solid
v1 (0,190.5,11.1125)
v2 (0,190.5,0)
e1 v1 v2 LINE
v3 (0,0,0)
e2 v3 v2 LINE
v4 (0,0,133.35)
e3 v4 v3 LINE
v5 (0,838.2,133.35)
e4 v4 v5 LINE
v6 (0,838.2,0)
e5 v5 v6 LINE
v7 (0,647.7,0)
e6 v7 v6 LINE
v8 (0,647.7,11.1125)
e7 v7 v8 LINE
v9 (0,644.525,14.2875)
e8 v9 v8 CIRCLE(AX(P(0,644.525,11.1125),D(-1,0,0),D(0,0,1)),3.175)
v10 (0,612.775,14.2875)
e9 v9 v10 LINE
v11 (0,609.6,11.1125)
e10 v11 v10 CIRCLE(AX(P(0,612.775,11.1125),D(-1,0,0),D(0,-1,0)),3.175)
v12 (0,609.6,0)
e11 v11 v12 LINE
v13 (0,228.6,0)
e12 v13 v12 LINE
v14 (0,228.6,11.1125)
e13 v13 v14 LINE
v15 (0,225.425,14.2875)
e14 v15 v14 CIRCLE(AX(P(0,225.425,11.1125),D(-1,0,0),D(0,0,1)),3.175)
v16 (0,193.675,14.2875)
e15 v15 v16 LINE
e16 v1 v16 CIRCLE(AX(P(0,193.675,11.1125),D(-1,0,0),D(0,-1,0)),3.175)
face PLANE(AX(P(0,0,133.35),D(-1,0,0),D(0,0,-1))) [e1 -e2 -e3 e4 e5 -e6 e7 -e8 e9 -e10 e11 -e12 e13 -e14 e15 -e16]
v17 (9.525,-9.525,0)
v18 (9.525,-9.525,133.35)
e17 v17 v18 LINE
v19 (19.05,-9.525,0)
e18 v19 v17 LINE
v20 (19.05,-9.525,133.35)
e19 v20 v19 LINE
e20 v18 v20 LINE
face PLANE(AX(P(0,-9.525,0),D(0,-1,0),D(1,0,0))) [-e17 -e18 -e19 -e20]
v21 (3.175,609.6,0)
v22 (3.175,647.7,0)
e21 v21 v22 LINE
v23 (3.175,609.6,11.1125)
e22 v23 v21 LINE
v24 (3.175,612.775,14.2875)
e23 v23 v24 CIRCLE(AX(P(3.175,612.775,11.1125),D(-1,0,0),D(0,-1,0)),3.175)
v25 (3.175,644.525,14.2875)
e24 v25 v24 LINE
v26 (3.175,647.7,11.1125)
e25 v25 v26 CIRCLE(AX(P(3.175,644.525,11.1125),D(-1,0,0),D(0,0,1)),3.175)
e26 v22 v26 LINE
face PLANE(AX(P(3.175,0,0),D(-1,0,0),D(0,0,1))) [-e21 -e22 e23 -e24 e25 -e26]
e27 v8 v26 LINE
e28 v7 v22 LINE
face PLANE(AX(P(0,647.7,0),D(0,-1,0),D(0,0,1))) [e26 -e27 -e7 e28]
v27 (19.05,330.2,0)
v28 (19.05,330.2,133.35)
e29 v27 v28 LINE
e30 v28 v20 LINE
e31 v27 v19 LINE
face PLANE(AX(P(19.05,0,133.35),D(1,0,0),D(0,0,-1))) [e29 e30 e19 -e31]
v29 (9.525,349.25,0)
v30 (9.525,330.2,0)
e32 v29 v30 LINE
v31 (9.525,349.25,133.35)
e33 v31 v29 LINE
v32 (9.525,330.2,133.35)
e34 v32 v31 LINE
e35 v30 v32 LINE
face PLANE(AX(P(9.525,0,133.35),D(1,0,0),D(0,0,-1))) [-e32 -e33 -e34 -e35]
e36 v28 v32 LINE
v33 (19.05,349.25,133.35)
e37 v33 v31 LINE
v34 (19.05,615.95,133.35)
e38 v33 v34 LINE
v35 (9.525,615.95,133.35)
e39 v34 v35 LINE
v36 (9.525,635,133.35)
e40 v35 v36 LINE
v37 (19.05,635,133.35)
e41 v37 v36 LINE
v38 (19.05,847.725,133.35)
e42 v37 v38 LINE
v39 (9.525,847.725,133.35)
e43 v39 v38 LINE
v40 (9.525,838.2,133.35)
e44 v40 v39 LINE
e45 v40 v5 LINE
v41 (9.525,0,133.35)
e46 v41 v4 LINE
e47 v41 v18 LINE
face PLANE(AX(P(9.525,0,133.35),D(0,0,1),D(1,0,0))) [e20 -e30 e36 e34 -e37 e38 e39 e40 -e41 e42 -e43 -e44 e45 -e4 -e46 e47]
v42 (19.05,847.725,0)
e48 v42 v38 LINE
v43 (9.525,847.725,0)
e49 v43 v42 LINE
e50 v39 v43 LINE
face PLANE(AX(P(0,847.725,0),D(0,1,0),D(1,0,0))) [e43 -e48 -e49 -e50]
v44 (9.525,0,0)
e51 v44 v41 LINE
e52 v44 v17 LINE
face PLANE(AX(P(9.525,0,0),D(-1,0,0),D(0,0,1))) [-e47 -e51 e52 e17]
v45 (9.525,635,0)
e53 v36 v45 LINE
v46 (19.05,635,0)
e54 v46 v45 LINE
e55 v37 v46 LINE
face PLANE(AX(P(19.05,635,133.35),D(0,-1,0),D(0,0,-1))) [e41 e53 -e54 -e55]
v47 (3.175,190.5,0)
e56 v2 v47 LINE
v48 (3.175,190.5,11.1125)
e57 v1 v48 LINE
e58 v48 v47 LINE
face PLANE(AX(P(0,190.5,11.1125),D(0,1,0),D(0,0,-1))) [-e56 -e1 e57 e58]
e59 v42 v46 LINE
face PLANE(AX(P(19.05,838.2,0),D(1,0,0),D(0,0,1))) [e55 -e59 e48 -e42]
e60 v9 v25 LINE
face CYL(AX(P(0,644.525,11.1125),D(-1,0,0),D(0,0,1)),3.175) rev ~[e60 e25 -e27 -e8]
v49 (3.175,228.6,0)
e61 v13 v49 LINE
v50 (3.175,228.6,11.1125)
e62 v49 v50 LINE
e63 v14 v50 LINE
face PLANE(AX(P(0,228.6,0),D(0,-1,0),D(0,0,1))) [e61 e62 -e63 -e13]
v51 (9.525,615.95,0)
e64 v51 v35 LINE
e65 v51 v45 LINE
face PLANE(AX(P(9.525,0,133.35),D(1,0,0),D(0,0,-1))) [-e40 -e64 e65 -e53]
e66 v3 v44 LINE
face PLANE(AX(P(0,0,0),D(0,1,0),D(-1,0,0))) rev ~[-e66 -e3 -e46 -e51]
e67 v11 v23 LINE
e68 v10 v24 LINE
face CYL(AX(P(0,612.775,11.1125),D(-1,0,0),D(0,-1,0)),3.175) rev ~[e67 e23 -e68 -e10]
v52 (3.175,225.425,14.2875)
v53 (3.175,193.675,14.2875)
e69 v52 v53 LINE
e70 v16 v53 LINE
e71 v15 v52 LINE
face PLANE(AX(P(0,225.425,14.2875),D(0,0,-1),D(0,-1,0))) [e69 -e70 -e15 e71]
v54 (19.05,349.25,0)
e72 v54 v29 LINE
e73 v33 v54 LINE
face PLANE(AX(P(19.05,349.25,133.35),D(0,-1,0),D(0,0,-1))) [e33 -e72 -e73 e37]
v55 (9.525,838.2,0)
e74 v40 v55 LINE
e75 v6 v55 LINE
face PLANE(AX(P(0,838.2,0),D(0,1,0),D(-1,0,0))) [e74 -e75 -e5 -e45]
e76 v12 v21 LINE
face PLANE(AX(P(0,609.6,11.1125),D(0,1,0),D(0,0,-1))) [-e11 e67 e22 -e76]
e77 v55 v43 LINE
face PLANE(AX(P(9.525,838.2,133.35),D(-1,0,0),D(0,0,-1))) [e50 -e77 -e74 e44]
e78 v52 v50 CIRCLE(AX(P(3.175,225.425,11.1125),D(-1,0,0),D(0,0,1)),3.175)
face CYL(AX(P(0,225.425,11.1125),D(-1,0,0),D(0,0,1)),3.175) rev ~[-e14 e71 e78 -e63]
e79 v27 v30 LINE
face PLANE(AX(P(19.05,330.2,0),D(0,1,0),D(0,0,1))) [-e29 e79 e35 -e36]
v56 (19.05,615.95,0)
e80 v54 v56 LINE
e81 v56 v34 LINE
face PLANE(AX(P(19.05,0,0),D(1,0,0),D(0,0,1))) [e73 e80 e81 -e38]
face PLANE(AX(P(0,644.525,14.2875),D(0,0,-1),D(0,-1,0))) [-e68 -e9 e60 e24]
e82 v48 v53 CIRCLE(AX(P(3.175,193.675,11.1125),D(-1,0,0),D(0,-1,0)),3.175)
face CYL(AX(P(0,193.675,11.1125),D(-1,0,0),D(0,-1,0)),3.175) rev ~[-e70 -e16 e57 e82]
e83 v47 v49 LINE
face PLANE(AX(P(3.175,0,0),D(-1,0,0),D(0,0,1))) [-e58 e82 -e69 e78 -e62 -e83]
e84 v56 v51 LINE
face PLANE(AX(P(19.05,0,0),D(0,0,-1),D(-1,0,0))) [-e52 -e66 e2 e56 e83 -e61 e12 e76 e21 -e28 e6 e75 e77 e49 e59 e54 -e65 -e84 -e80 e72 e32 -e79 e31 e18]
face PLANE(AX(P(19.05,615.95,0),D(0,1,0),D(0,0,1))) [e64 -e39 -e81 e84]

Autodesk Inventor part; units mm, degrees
ref_plane "YZ Plane" through (0, 0, 0) normal (1, 0, 0) x (0, 1, 0)
ref_plane "XZ Plane" through (0, 0, 0) normal (0, 1, 0) x (-1, 0, 0)
ref_plane "XY Plane" through (0, 0, 0) normal (0, 0, 1) x (1, 0, 0)
sketch "Sketch1" plane through (0, 0, 0) normal (0, 1, 0) x (-1, 0, 0)
  line L0 (0, 0) -> (-19.05, 0)
  line L1 (-19.05, 0) -> (-19.05, 133.35)
  line L2 (-19.05, 133.35) -> (0, 133.35)
  line L3 (0, 133.35) -> (0, 0)
  dimension "d0" = 19.05
  dimension "d1" = 133.35
extrude "Board" add sketch "Sketch1" along normal blind 838.2
sketch "Sketch2" plane through (19.05, 0, 133.35) normal (1, 0, 0) x (0, 0, -1)
  line L0 (0, 349.25) -> (133.35, 349.25)
  line L1 (133.35, 349.25) -> (133.35, 330.2)
  line L2 (133.35, 330.2) -> (0, 330.2)
  line L3 (0, 330.2) -> (0, 349.25)
  line L4 (0, 0) -> (133.35, 0) projected
  line L5 (0, 0) -> (0, 838.2) projected
  line L6 (133.35, 0) -> (133.35, 838.2) projected
  line L7 (0, 635) -> (133.35, 635)
  line L8 (133.35, 635) -> (133.35, 615.95)
  line L9 (133.35, 615.95) -> (0, 615.95)
  line L10 (0, 615.95) -> (0, 635)
  line L11 (0, 838.2) -> (133.35, 838.2) projected
  dimension "d4" = 19.05
  dimension "d5" = 330.2
  dimension "d9" = 19.05
  dimension "d13" = 203.2
  dimension "d14" = 266.7
extrude "Extrusion2" cut sketch "Sketch2" against normal blind 9.525 contours L0 L1 L2 L3 | L5 L7 L6 L9
sketch "Sketch3" plane through (0, 838.2, 0) normal (0, 1, 0) x (1, 0, 0)
  line L0 (0, -133.35) -> (19.05, -133.35) projected
  line L1 (19.05, -133.35) -> (9.525, -133.35)
  line L2 (9.525, -133.35) -> (9.525, 0)
  line L3 (9.525, 0) -> (19.05, 0)
  line L4 (19.05, 0) -> (19.05, -133.35)
  line L5 (19.05, 0) -> (0, 0) projected
  dimension "d15" = 9.525
extrude "Extrusion3" add sketch "Sketch3" along normal blind 9.525
sketch "Sketch4" plane through (0, 0, 0) normal (0, -1, 0) x (1, 0, 0)
  line L0 (19.05, 0) -> (9.525, 0)
  line L1 (9.525, 0) -> (9.525, 133.35)
  line L2 (9.525, 133.35) -> (19.05, 133.35)
  line L3 (19.05, 133.35) -> (19.05, 0)
  line L4 (19.05, 0) -> (19.05, 133.35) projected
  line L5 (0, 0) -> (19.05, 0) projected
  line L6 (19.05, 133.35) -> (0, 133.35) projected
  dimension "d18" = 9.525
extrude "Extrusion4" add sketch "Sketch4" along normal blind 9.525
sketch "Sketch5" plane through (0, 0, 0) normal (-1, 0, 0) x (0, 0, 1)
  line L0 (0, 647.7) -> (11.1125, 647.7)
  line L1 (14.2875, 644.525) -> (14.2875, 612.775)
  line L2 (11.1125, 609.6) -> (0, 609.6)
  line L3 (0, 609.6) -> (0, 647.7)
  line L4 (0, 228.6) -> (11.1125, 228.6)
  line L5 (14.2875, 225.425) -> (14.2875, 193.675)
  line L6 (11.1125, 190.5) -> (0, 190.5)
  line L7 (0, 190.5) -> (0, 228.6)
  line L8 (0, 0) -> (0, 838.2) projected
  line L9 (133.35, 838.2) -> (0, 838.2) projected
  arc A0 (11.1125, 609.6) -> (14.2875, 612.775) centre (11.1125, 612.775) ccw
  arc A1 (14.2875, 644.525) -> (11.1125, 647.7) centre (11.1125, 644.525) ccw
  arc A2 (11.1125, 190.5) -> (14.2875, 193.675) centre (11.1125, 193.675) ccw
  arc A3 (14.2875, 225.425) -> (11.1125, 228.6) centre (11.1125, 225.425) ccw
  point P0 (14.2875, 609.6)
  point P1 (14.2875, 647.7)
  point P2 (14.2875, 190.5)
  point P3 (14.2875, 228.6)
  dimension "d21" = 14.2875
  dimension "d22" = 38.1
  dimension "d23" = 14.2875
  dimension "d24" = 38.1
  dimension "d25" = 190.5
  dimension "d26" = 838.2
  dimension "d27" = 381
  dimension "d28" = 3.175
extrude "Extrusion5" cut sketch "Sketch5" against normal blind 3.175
equation "\"d9\" = d4"
equation "\"d23\" = d21"
equation "\"d24\" = d22"
equation "\"d25\" = 0.25 * d26 - 0.5 * d22"
equation "\"d27\" = 2 * d25"
properties part number "Door Side" material "Wood (Oak)"
